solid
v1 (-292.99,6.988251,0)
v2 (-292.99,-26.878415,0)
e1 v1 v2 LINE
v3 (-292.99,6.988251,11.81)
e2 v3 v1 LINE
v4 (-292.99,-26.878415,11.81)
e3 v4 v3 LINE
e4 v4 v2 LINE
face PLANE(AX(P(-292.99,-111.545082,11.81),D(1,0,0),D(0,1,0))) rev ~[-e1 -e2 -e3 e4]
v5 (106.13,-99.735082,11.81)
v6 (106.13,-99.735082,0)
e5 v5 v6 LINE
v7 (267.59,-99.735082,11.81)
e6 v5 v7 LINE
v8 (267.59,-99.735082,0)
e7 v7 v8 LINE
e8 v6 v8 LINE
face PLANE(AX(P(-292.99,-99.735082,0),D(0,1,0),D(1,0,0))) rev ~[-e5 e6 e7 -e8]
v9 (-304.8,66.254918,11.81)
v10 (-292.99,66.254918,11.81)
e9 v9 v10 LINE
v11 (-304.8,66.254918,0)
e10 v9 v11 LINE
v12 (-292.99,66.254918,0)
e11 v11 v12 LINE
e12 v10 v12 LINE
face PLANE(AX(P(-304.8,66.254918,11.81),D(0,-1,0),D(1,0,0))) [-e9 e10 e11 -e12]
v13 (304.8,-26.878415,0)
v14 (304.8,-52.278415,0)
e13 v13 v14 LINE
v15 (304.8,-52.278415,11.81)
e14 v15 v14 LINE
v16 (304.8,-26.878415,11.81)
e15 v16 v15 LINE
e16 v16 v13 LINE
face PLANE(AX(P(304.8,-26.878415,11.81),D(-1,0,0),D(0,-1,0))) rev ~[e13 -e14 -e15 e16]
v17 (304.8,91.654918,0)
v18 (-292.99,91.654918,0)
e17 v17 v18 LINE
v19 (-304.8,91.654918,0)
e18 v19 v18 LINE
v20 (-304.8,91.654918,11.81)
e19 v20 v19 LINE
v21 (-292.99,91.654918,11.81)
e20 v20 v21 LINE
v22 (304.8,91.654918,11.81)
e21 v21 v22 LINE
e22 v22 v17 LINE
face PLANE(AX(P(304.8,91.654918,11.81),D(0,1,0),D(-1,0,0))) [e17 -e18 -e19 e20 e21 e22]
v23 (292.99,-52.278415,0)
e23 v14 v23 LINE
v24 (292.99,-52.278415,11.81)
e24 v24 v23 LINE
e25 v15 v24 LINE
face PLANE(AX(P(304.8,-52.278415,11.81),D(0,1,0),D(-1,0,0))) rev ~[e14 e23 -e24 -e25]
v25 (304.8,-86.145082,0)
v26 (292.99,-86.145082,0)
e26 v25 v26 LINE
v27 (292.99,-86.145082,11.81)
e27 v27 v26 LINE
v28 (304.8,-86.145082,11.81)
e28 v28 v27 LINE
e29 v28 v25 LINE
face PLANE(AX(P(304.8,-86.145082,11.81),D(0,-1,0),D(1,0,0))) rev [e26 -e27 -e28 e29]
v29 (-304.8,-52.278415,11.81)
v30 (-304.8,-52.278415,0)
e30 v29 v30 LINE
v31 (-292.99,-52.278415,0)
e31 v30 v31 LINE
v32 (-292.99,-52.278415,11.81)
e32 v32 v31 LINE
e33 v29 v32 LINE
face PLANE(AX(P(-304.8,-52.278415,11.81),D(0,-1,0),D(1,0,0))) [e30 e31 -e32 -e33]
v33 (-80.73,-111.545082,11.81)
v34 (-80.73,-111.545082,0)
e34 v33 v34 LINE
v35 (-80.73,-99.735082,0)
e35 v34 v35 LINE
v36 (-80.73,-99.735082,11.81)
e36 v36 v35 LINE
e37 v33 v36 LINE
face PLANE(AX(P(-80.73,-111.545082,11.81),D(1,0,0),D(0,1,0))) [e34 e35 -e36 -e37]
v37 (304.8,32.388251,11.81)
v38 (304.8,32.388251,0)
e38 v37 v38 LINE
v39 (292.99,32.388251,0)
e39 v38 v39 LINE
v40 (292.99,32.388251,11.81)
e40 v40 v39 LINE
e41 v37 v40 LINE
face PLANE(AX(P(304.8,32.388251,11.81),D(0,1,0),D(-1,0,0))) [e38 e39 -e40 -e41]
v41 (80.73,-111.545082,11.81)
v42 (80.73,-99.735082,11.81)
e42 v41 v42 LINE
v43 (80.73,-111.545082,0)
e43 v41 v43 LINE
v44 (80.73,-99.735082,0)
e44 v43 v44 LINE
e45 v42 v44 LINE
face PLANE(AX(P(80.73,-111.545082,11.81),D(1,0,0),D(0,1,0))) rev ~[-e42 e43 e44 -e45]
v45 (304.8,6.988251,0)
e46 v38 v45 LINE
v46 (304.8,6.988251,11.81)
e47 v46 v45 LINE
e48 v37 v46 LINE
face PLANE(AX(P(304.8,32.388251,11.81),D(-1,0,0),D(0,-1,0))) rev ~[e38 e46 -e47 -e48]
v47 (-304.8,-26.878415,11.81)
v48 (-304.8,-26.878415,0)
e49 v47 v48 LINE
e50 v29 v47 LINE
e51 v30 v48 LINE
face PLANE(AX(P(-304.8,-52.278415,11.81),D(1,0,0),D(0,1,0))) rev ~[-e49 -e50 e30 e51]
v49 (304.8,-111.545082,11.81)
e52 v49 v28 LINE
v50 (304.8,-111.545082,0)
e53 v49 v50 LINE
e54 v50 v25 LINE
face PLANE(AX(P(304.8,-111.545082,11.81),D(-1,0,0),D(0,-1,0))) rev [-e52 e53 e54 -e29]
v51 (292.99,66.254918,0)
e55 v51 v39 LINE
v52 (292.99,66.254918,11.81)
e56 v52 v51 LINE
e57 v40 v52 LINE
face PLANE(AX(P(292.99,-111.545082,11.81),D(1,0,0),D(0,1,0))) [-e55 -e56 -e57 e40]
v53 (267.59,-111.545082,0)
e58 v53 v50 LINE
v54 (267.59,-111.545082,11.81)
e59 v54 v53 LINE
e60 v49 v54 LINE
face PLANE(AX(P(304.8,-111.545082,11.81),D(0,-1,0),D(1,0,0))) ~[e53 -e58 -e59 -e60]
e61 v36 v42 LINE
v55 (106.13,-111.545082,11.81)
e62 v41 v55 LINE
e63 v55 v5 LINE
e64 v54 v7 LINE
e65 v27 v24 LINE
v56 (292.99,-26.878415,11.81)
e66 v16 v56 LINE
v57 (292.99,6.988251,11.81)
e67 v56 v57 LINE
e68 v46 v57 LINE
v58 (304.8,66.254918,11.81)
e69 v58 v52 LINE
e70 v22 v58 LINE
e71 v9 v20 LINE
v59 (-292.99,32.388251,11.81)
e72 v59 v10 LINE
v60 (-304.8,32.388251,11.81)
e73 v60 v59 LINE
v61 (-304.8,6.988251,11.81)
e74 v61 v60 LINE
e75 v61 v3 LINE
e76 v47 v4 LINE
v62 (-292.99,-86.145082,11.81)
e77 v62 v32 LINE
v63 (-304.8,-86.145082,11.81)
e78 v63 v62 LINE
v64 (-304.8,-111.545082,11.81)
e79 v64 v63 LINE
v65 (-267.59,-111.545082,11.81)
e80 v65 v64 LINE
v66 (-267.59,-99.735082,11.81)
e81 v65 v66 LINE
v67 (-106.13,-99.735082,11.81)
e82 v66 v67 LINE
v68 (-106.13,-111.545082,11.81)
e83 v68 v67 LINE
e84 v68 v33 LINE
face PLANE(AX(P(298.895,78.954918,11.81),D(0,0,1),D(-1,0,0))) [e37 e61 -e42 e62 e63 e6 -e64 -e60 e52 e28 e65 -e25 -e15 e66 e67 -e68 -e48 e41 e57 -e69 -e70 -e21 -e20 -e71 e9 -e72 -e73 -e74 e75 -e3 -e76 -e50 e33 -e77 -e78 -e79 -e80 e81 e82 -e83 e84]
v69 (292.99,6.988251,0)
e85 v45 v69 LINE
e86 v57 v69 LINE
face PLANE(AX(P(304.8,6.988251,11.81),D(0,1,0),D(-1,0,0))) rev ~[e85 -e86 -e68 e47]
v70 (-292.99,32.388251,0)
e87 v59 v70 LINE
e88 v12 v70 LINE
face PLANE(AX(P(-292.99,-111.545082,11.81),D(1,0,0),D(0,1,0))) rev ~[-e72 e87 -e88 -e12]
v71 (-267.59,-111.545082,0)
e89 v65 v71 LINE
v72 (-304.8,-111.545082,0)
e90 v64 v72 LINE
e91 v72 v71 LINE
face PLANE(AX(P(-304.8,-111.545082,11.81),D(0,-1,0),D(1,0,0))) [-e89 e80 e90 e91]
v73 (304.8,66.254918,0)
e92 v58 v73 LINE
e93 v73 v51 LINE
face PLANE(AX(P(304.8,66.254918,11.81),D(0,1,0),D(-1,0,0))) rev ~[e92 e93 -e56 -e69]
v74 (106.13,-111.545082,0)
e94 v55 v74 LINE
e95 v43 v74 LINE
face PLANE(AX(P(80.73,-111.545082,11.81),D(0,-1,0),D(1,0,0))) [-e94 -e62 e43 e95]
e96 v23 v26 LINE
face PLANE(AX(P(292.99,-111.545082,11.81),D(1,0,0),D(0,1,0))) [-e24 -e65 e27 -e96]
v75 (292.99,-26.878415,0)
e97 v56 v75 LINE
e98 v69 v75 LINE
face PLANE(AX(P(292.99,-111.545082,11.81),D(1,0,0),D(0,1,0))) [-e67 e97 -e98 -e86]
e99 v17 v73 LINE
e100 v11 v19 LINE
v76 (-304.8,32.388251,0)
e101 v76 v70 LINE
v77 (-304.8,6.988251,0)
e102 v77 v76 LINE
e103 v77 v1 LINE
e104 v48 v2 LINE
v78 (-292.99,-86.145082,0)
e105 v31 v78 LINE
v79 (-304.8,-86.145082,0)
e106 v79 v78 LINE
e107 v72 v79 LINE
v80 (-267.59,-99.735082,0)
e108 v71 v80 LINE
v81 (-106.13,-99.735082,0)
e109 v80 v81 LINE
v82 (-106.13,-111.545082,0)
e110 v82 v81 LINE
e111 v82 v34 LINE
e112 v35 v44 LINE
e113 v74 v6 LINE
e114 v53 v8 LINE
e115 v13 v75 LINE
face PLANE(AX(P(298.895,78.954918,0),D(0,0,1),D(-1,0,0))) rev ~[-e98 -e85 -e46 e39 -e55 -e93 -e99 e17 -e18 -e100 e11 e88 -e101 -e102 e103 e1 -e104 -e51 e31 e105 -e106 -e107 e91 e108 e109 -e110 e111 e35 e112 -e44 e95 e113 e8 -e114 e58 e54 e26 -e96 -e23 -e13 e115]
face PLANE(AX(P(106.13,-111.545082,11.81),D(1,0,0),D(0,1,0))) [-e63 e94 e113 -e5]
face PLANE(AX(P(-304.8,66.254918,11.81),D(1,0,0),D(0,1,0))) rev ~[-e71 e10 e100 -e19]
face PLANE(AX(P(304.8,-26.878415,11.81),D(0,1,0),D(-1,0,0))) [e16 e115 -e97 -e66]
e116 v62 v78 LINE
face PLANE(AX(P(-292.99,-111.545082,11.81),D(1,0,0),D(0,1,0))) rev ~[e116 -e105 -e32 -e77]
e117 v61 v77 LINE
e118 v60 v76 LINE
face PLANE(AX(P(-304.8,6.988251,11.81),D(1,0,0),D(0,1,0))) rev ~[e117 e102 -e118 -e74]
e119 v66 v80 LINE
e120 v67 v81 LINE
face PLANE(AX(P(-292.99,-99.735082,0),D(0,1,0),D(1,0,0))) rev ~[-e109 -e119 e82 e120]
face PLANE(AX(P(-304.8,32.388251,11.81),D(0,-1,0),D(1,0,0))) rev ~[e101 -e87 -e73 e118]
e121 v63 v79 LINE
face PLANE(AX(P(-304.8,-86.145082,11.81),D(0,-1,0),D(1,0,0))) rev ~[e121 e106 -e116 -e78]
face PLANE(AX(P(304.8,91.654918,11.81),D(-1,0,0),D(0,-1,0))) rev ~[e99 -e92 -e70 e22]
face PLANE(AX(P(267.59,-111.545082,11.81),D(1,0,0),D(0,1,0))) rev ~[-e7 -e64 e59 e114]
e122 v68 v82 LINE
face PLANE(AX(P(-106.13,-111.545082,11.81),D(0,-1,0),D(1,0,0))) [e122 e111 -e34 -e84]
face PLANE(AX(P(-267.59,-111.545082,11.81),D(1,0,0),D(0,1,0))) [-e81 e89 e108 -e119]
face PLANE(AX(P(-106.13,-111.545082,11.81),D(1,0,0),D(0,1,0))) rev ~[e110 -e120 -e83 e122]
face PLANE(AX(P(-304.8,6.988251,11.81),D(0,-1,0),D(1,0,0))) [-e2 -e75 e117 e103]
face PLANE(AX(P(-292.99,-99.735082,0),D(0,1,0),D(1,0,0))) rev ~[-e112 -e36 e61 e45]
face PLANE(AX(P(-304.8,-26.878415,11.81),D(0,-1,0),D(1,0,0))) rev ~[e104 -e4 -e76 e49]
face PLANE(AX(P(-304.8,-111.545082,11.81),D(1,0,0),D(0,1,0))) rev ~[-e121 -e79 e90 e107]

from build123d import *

# Parameters (mm, degrees)
BASE_SKETCH_W           = 585.98
BASE_SKETCH_H           = 191.39
BOSS_EXTRUDE1_DEPTH     = 11.81
JOINT_X_W               = 25.4
JOINT_X_H               = 11.81
BOSS_EXTRUDE2_DEPTH     = 11.81
LPATTERN1_COUNT         = 4
LPATTERN1_PITCH         = 186.86
JOINT_Y_W               = 11.81
JOINT_Y_H               = 25.4
BOSS_EXTRUDE3_DEPTH     = 11.81
LPATTERN2_COUNT         = 4
LPATTERN2_PITCH         = 59.266666667
MIRROR3_COPY_1_SKETCH_W = 11.81
MIRROR3_COPY_1_SKETCH_H = 25.4
MIRROR3_COPY_1_DEPTH    = 11.81
MIRROR3_COPY_2_SKETCH_W = 11.81
MIRROR3_COPY_2_SKETCH_H = 25.4
MIRROR3_COPY_2_DEPTH    = 11.81
MIRROR3_COPY_3_SKETCH_W = 11.81
MIRROR3_COPY_3_SKETCH_H = 25.4
MIRROR3_COPY_3_DEPTH    = 11.81


with BuildPart() as part:
    # Base_Sketch → Boss-Extrude1 (new body)
    with BuildSketch(Plane.XY):
        with Locations((0, -4.040082085)):
            Rectangle(BASE_SKETCH_W, BASE_SKETCH_H)
    extrude(amount=BOSS_EXTRUDE1_DEPTH)

    # Joint_X → Boss-Extrude2 (add)
    with BuildSketch(Plane.XY.offset(11.81)):
        with Locations((-280.29, -105.640082085)):
            Rectangle(JOINT_X_W, JOINT_X_H)
    boss_extrude2 = extrude(amount=-BOSS_EXTRUDE2_DEPTH)

    # LPattern1: Boss-Extrude2 ×4
    with Locations(*[(i * LPATTERN1_PITCH, 0, 0) for i in range(1, LPATTERN1_COUNT)]):
        add(boss_extrude2)

    # Joint_Y → Boss-Extrude3 (add)
    with BuildSketch(Plane.XY.offset(11.81)):
        with Locations((-298.895, -98.845082085)):
            Rectangle(JOINT_Y_W, JOINT_Y_H)
    boss_extrude3 = extrude(amount=-BOSS_EXTRUDE3_DEPTH)

    # LPattern2: Boss-Extrude3 ×4
    with Locations(*[(0, i * LPATTERN2_PITCH, 0) for i in range(1, LPATTERN2_COUNT)]):
        add(boss_extrude3)

    # Mirror3: Boss-Extrude3 across plane
    add(boss_extrude3.mirror(Plane.ZY))

    # Mirror3 copy 1 sketch → Mirror3 copy 1 (add)
    with BuildSketch(Plane(origin=(0, 59.266666667, 11.81), x_dir=(-1, 0, 0), z_dir=(0, 0, 1))):
        with Locations((-298.895, 98.845082085)):
            Rectangle(MIRROR3_COPY_1_SKETCH_W, MIRROR3_COPY_1_SKETCH_H)
    extrude(amount=-MIRROR3_COPY_1_DEPTH)

    # Mirror3 copy 2 sketch → Mirror3 copy 2 (add)
    with BuildSketch(Plane(origin=(0, 118.533333333, 11.81), x_dir=(-1, 0, 0), z_dir=(0, 0, 1))):
        with Locations((-298.895, 98.845082085)):
            Rectangle(MIRROR3_COPY_2_SKETCH_W, MIRROR3_COPY_2_SKETCH_H)
    extrude(amount=-MIRROR3_COPY_2_DEPTH)

    # Mirror3 copy 3 sketch → Mirror3 copy 3 (add)
    with BuildSketch(Plane(origin=(0, 177.8, 11.81), x_dir=(-1, 0, 0), z_dir=(0, 0, 1))):
        with Locations((-298.895, 98.845082085)):
            Rectangle(MIRROR3_COPY_3_SKETCH_W, MIRROR3_COPY_3_SKETCH_H)
    extrude(amount=-MIRROR3_COPY_3_DEPTH)


solid = part.part
